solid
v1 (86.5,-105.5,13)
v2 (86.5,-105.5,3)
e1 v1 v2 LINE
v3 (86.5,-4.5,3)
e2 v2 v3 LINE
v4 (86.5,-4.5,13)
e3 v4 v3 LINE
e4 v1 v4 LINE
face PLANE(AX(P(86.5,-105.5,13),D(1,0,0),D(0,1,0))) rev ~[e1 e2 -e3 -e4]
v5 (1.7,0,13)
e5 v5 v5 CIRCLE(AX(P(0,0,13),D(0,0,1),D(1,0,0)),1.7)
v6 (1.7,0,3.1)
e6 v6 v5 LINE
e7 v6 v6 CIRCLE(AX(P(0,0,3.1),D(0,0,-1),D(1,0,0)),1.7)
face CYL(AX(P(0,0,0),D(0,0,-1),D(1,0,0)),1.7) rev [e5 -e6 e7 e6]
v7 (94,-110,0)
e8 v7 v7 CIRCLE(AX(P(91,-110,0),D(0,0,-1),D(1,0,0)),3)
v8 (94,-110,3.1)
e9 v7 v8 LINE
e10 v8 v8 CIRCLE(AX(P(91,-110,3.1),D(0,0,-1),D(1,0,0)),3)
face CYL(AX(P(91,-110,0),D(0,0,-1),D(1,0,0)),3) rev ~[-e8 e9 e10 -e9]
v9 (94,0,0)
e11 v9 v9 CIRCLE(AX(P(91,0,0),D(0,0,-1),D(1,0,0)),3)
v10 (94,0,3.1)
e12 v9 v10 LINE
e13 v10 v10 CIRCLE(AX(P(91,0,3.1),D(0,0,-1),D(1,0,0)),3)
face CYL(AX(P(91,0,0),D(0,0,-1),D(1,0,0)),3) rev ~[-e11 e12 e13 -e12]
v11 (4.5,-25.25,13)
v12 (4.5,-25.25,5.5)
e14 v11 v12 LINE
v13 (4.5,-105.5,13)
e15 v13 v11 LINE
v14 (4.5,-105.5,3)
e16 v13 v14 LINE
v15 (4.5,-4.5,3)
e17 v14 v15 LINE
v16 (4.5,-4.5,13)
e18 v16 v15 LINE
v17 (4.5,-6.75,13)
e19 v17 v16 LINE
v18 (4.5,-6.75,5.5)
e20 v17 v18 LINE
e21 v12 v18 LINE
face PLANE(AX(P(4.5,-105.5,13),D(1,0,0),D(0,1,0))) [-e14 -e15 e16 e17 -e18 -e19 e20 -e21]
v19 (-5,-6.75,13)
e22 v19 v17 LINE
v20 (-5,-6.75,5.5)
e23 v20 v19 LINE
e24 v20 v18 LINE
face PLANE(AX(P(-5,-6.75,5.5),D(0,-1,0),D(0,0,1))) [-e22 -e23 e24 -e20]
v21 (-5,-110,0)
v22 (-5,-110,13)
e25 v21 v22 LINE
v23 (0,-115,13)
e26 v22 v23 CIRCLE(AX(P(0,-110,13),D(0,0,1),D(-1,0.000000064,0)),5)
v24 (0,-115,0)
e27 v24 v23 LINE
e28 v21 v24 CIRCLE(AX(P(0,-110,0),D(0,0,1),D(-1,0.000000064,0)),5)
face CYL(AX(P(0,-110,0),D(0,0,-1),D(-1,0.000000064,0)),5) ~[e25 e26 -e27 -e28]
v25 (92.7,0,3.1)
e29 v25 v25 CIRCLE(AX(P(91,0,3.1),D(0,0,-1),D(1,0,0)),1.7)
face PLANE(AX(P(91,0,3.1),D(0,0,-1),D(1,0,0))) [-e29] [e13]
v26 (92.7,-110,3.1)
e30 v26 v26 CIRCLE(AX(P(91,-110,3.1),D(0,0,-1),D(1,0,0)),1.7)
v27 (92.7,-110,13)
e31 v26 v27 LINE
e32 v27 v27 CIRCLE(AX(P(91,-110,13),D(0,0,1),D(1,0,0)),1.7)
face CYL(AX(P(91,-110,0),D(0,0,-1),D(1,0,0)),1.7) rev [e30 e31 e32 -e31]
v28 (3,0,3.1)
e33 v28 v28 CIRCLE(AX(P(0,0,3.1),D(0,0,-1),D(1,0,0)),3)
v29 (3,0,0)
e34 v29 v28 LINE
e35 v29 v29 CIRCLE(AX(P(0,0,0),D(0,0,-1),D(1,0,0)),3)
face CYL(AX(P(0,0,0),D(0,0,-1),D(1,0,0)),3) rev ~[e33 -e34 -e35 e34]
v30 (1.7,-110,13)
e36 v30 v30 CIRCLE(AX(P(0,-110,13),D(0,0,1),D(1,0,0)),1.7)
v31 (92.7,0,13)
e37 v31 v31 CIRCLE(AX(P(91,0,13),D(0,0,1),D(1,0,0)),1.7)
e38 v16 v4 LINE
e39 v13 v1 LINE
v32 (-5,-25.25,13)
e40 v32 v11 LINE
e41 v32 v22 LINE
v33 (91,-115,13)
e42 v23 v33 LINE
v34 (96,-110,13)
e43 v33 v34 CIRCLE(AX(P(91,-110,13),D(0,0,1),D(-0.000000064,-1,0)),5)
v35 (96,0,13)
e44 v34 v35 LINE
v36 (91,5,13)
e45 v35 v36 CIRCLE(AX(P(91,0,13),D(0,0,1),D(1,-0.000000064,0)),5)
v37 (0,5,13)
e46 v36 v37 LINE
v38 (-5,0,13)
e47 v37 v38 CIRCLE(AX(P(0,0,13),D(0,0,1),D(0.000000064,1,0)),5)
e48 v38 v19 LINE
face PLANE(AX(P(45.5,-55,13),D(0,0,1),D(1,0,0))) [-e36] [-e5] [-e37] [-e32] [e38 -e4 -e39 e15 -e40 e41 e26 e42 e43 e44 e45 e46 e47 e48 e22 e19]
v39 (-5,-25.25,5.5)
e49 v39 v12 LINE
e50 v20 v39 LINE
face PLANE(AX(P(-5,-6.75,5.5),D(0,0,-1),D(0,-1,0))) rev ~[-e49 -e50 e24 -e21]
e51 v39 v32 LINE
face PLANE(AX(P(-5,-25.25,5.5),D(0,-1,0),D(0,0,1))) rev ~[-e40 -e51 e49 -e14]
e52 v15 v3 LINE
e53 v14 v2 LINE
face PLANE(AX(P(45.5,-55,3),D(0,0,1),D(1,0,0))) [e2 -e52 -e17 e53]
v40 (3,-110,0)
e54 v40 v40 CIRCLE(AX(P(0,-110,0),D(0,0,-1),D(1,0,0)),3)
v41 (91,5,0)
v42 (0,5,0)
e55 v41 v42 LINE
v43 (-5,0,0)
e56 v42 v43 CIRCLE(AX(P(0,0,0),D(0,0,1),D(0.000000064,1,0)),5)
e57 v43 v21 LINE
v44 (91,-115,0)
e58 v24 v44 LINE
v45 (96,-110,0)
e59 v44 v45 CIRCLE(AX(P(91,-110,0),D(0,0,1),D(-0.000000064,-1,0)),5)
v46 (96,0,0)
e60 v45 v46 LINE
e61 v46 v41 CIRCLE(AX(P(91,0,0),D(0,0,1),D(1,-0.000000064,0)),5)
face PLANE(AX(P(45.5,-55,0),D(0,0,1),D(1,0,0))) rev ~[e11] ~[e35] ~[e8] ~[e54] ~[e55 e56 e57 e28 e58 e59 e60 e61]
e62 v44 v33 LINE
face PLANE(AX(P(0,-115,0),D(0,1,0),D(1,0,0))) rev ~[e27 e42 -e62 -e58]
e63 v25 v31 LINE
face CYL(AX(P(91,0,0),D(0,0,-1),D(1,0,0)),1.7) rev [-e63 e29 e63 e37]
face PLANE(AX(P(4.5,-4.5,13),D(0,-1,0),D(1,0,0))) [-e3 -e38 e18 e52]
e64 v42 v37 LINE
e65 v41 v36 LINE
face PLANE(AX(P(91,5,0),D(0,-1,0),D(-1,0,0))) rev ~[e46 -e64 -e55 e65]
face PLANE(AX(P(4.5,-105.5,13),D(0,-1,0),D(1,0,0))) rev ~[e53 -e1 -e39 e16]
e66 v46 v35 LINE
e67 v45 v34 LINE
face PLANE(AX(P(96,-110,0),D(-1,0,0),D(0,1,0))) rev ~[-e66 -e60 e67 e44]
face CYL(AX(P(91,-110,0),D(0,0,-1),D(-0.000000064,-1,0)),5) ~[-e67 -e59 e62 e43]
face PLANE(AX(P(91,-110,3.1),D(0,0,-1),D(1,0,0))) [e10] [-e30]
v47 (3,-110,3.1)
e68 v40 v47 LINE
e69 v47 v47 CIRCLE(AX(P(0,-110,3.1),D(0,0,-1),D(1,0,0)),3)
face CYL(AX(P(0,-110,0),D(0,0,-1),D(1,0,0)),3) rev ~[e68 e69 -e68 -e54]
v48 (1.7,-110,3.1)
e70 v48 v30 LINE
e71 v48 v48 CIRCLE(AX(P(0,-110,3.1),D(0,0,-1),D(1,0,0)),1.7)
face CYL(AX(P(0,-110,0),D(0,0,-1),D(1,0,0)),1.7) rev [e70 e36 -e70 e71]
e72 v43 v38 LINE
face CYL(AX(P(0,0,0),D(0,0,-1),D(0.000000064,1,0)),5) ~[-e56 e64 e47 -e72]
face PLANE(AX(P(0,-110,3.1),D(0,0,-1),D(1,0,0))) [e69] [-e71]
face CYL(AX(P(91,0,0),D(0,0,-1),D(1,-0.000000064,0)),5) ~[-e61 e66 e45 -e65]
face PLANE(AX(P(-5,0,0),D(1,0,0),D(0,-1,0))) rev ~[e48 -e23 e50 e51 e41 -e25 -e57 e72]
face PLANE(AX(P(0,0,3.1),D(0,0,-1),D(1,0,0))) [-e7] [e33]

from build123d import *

# Parameters (mm, degrees)
SKETCH_R        = 1.7
PAD_DEPTH       = 13
SKETCH001_W     = 82
SKETCH001_H     = 101
POCKET_DEPTH    = 10
SKETCH002_W     = 18.5
SKETCH002_H     = 7.5
POCKET001_DEPTH = 11
SKETCH003_R     = 3
POCKET002_DEPTH = 3.1


with BuildPart() as part:
    # Sketch → Pad (new body)
    with BuildSketch(Plane.XY):
        with BuildLine():
            Line((-5, 0), (-5, -110))
            ThreePointArc((-5, -110), (-3.535534, -113.535534), (0, -115))
            Line((0, -115), (91, -115))
            ThreePointArc((91, -115), (94.535534, -113.535534), (96, -110))
            Line((96, -110), (96, 0))
            ThreePointArc((96, 0), (94.535534, 3.535534), (91, 5))
            Line((91, 5), (0, 5))
            ThreePointArc((0, 5), (-3.535534, 3.535534), (-5, 0))
        make_face()
        Circle(SKETCH_R, mode=Mode.SUBTRACT)
        with Locations((91, 0)):
            Circle(SKETCH_R, mode=Mode.SUBTRACT)
        with Locations((91, -110)):
            Circle(SKETCH_R, mode=Mode.SUBTRACT)
        with Locations((0, -110)):
            Circle(SKETCH_R, mode=Mode.SUBTRACT)
    extrude(amount=PAD_DEPTH)

    # Sketch001 (on Face14 of Pad) → Pocket (cut)
    with BuildSketch(Plane.XY.offset(13)):
        with Locations((45.5, -55)):
            Rectangle(SKETCH001_W, SKETCH001_H)
    extrude(amount=-POCKET_DEPTH, mode=Mode.SUBTRACT)

    # Sketch002 (on Face1 of Pocket) → Pocket001 (cut)
    with BuildSketch(Plane(origin=(-5, 0, 0), x_dir=(0, -1, 0), z_dir=(-1, 0, 0))):
        with Locations((16, 9.25)):
            Rectangle(SKETCH002_W, SKETCH002_H)
    extrude(amount=-POCKET001_DEPTH, mode=Mode.SUBTRACT)

    # Sketch003 (on Face2 of Pocket001) → Pocket002 (cut)
    with BuildSketch(Plane(origin=(0, 0, 0), x_dir=(1, 0, 0), z_dir=(0, 0, -1))):
        with Locations((0, 110)):
            Circle(SKETCH003_R)
        with Locations((91, 110)):
            Circle(SKETCH003_R)
        with Locations((91, 0)):
            Circle(SKETCH003_R)
        Circle(SKETCH003_R)
    extrude(amount=-POCKET002_DEPTH, mode=Mode.SUBTRACT)


solid = part.part
